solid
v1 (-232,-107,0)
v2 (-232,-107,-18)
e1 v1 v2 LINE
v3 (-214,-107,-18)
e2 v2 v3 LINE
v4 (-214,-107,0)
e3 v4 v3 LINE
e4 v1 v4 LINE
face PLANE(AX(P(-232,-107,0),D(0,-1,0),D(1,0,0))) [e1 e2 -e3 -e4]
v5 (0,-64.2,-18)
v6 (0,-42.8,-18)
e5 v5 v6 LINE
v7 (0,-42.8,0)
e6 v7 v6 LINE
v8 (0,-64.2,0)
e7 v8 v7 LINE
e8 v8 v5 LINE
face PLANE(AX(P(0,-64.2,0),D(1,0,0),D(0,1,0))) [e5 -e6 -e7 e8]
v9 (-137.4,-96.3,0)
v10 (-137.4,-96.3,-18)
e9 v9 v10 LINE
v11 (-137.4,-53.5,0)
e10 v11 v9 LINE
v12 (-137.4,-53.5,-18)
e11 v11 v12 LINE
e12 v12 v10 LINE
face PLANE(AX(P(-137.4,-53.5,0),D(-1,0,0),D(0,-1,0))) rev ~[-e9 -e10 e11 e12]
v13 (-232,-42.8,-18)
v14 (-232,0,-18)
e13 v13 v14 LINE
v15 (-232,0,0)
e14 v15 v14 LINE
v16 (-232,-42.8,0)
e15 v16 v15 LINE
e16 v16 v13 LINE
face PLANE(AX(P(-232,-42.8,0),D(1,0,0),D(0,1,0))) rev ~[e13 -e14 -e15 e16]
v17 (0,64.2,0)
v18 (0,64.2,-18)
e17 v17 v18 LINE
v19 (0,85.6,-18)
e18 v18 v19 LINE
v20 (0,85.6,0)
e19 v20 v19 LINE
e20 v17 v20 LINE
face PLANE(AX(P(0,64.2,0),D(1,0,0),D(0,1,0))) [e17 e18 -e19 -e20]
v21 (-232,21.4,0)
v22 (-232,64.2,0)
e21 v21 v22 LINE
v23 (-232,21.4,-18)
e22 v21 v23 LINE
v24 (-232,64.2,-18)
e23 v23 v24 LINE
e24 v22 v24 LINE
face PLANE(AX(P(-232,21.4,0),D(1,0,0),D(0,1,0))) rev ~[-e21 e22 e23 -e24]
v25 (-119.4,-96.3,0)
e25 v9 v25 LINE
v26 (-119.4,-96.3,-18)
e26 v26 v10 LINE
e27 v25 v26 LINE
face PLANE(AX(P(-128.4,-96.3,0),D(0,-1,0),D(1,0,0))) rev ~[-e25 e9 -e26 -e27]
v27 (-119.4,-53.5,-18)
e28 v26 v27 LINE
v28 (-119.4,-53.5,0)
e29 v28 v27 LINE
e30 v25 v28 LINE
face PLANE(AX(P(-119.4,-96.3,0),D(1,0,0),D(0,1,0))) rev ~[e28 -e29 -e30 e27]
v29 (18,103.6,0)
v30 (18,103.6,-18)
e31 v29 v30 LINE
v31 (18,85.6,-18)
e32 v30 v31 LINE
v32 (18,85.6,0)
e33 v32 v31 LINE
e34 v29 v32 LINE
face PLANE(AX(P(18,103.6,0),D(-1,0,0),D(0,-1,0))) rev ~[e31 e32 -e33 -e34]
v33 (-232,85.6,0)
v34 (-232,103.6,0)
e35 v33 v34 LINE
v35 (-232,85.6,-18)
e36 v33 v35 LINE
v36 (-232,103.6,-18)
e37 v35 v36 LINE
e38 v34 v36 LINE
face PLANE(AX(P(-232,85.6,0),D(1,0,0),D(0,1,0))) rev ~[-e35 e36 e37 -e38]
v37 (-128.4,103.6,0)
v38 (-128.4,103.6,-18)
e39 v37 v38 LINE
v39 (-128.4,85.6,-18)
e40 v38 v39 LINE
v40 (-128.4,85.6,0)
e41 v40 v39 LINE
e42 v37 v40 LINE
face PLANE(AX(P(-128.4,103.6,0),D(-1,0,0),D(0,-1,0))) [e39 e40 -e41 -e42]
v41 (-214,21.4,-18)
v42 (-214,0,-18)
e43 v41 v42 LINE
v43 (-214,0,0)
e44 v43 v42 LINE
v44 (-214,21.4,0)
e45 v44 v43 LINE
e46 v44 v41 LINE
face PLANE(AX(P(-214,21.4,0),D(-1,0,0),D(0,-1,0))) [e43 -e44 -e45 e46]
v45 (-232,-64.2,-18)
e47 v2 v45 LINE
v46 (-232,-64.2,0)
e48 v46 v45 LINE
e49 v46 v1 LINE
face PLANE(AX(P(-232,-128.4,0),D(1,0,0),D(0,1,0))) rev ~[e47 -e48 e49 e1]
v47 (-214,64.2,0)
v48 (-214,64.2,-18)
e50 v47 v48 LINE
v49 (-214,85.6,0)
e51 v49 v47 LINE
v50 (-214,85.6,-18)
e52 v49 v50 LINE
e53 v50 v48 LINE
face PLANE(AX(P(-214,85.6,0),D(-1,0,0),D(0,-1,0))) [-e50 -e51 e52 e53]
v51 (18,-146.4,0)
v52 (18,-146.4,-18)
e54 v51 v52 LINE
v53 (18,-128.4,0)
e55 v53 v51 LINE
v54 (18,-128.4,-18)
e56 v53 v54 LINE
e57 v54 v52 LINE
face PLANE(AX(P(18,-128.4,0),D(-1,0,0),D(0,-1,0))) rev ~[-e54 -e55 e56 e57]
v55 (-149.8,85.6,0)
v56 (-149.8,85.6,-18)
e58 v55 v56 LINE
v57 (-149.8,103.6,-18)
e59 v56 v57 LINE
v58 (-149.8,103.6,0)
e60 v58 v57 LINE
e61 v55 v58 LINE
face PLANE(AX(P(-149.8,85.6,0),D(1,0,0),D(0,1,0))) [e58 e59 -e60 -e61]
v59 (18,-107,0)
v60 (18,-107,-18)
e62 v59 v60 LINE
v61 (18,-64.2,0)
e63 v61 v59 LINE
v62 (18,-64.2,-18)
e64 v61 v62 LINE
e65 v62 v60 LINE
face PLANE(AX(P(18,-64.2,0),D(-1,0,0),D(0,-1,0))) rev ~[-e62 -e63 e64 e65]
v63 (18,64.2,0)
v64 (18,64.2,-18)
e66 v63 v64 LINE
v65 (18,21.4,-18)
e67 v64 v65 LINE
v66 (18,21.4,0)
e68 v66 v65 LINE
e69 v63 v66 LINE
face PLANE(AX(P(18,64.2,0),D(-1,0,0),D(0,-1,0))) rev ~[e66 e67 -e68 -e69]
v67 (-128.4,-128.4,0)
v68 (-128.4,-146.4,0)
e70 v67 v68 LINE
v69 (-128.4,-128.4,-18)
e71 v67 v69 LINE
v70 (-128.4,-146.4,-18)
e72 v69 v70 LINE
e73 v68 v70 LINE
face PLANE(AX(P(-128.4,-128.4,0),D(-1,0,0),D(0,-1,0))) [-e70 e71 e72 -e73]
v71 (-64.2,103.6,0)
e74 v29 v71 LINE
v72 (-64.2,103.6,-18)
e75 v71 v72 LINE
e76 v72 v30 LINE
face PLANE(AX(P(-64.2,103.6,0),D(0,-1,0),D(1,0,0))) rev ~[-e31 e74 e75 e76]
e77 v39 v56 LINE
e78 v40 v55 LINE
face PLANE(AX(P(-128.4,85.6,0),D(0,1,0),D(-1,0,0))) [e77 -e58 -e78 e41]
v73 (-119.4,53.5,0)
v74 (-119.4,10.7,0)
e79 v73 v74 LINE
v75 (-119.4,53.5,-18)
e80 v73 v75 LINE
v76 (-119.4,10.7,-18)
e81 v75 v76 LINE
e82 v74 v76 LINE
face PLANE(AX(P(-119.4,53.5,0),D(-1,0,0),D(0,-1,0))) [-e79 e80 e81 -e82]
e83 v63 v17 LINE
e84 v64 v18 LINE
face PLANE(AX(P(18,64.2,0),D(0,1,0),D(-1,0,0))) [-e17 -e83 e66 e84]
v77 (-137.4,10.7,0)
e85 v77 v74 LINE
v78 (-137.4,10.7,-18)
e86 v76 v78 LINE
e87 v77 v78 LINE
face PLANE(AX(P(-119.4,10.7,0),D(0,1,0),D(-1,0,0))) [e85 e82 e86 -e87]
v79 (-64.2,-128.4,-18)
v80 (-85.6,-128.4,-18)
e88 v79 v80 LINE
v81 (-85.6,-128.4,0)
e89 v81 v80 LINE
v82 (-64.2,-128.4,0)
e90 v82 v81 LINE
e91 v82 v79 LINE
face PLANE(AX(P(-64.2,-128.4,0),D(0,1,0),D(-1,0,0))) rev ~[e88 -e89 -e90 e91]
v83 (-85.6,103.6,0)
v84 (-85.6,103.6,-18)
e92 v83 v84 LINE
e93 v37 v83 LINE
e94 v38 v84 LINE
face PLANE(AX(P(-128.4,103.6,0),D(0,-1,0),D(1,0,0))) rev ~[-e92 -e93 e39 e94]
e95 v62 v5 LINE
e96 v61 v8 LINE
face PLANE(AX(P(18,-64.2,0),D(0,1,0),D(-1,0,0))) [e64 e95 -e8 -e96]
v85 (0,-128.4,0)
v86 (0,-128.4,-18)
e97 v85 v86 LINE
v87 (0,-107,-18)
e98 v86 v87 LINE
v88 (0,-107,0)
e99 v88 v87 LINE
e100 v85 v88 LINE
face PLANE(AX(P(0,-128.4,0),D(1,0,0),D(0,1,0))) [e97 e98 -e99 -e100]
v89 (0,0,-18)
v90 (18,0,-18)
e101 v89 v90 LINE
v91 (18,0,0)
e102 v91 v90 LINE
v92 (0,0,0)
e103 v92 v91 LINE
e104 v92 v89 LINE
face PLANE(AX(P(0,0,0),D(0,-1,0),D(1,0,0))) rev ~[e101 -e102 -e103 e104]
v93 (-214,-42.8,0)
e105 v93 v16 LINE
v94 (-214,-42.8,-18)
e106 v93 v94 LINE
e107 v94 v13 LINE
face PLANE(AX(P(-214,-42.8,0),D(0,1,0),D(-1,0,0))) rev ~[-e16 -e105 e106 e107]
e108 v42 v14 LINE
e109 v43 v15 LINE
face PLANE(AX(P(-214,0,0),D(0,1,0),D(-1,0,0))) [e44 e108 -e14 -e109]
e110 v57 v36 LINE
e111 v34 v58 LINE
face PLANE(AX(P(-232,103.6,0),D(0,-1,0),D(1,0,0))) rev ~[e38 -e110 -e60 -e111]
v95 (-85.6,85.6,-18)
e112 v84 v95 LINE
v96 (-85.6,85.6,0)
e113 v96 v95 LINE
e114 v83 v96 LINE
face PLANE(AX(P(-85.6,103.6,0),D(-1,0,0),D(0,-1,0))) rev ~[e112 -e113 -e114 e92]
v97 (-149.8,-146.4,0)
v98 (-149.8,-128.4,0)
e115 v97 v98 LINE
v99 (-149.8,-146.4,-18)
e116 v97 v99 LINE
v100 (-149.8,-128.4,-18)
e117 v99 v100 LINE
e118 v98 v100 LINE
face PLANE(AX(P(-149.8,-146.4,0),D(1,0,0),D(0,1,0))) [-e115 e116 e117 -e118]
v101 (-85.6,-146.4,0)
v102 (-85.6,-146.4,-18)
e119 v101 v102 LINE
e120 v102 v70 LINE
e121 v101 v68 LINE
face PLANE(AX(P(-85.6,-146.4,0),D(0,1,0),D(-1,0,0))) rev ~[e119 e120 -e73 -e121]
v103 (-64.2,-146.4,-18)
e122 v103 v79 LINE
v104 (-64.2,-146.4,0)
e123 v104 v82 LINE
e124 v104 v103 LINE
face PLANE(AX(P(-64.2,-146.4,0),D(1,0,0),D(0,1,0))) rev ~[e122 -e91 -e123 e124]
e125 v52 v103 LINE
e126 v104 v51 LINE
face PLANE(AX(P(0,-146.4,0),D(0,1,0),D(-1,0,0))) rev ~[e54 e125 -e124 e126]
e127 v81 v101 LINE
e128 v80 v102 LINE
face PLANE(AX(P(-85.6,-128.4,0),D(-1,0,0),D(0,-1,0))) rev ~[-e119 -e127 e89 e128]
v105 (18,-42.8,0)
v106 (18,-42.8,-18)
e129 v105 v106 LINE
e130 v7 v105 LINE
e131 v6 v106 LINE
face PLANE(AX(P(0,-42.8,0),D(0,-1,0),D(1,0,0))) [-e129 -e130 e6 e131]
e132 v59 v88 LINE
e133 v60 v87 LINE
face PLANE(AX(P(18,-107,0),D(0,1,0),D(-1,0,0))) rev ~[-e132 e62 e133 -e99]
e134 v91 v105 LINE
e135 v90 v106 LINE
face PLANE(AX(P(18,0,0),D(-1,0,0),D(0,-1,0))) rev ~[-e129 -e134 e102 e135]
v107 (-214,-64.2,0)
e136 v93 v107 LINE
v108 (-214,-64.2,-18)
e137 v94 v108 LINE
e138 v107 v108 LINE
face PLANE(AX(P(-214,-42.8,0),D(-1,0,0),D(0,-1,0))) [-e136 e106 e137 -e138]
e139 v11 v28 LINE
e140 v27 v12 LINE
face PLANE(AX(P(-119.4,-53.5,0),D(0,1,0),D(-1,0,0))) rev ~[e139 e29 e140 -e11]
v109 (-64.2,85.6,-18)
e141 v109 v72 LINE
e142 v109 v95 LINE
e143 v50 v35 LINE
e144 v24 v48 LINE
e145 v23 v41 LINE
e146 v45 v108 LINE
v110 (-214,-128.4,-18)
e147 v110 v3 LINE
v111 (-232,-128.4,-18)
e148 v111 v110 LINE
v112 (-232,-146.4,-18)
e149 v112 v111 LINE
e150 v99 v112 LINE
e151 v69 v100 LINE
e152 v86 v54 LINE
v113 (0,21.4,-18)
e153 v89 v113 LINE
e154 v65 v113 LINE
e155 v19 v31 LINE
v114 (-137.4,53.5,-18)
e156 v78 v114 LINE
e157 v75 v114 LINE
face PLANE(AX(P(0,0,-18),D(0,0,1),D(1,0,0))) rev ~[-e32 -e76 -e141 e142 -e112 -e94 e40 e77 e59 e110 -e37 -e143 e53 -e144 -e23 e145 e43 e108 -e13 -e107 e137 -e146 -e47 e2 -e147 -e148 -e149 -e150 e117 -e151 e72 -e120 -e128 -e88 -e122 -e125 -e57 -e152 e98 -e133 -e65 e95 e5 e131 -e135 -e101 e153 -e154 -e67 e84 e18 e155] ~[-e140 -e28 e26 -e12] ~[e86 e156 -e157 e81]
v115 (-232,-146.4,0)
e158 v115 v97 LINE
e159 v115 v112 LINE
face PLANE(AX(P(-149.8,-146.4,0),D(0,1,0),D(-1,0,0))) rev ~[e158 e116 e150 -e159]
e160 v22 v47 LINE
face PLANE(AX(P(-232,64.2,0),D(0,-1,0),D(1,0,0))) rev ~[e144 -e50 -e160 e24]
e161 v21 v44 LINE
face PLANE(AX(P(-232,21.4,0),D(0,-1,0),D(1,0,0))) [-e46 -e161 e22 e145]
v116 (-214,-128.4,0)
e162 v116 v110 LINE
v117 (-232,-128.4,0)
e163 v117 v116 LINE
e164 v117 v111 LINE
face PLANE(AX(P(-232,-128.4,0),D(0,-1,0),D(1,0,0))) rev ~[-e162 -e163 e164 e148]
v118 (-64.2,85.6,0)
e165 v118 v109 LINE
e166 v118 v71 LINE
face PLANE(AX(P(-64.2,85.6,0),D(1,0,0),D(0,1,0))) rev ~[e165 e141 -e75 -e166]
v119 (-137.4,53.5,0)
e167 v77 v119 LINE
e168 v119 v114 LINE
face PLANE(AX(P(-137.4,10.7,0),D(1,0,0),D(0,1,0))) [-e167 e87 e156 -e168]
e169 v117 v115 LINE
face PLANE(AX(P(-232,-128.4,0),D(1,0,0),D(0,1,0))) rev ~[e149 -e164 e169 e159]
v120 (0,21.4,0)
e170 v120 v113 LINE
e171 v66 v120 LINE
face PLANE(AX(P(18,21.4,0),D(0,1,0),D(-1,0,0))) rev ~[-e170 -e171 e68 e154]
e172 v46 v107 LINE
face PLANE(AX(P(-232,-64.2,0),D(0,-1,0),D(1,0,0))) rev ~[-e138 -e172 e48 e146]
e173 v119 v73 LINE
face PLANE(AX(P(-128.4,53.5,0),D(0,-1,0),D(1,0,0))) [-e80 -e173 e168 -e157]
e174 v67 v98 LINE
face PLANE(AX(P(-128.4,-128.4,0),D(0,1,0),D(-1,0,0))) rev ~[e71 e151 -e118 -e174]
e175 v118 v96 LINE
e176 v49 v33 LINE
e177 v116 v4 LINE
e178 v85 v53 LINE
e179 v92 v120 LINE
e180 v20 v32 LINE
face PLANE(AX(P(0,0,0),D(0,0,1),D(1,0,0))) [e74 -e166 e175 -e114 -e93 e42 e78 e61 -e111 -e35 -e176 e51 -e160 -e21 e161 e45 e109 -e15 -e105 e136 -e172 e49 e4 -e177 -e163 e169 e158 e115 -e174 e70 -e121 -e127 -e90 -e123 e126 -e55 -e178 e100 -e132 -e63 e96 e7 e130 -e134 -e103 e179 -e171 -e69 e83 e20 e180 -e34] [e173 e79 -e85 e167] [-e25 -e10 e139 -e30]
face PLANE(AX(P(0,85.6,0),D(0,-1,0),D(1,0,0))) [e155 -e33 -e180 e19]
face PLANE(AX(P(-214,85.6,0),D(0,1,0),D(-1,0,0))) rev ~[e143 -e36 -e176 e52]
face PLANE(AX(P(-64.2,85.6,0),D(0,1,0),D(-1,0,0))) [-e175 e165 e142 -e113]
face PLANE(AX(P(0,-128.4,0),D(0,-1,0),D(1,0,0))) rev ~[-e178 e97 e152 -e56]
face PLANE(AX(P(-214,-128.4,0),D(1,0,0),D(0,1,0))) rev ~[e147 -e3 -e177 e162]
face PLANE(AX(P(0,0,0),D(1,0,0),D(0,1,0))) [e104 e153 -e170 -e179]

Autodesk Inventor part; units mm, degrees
ref_plane "YZ Plane" through (0, 0, 0) normal (1, 0, 0) x (0, 1, 0)
ref_plane "XZ Plane" through (0, 0, 0) normal (0, 1, 0) x (-1, 0, 0)
ref_plane "XY Plane" through (0, 0, 0) normal (0, 0, 1) x (1, 0, 0)
sketch "Sketch1" plane through (0, 0, 0) normal (0, 0, 1) x (1, 0, 0)
  line L0 (-232, 103.6) -> (18, 103.6)
  line L1 (18, 103.6) -> (18, -146.4)
  line L2 (18, -146.4) -> (-232, -146.4)
  line L3 (-232, -146.4) -> (-232, 103.6)
  line L4 (0, -128.4) -> (0, 85.6)
  line L5 (0, -128.4) -> (-214, -128.4)
  line L6 (-214, -128.4) -> (0, -128.4)
  line L7 (18, 85.6) -> (18, 64.2)
  line L8 (18, 64.2) -> (0, 64.2)
  line L9 (0, 64.2) -> (0, 85.6)
  line L10 (18, 21.4) -> (0, 21.4)
  line L11 (0, 21.4) -> (0, 0)
  line L12 (0, 0) -> (18, 0)
  line L13 (0, -42.8) -> (18, -42.8)
  line L14 (18, -64.2) -> (0, -64.2)
  line L15 (18, -107) -> (0, -107)
  line L16 (-232, 103.6) -> (-232, 85.6)
  line L17 (0, 85.6) -> (0, 103.6)
  line L18 (-232, -107) -> (-214, -107)
  line L19 (-232, -64.2) -> (-214, -64.2)
  line L20 (-214, -42.8) -> (-232, -42.8)
  line L21 (-214, 0) -> (-232, 0)
  line L22 (-232, 21.4) -> (-214, 21.4)
  line L23 (-232, 64.2) -> (-214, 64.2)
  line L24 (-85.6, -128.4) -> (-85.6, -146.4)
  line L25 (-128.4, -128.4) -> (-128.4, -146.4)
  line L26 (-149.8, -146.4) -> (-149.8, -128.4)
  line L27 (-192.6, -146.4) -> (-192.6, -128.4)
  line L28 (-64.2, -146.4) -> (-64.2, -128.4)
  line L29 (-21.4, -146.4) -> (-21.4, -128.4)
  line L30 (-85.6, 103.6) -> (-85.6, 85.6)
  line L31 (-64.2, 85.6) -> (-64.2, 103.6)
  line L32 (-21.4, 85.6) -> (-21.4, 103.6)
  line L33 (-149.8, 85.6) -> (-149.8, 103.6)
  line L34 (-192.6, 85.6) -> (-192.6, 103.6)
  line L35 (-128.4, 103.6) -> (-128.4, 85.6)
  line L36 (0, 85.6) -> (-214, 85.6)
  line L37 (-214, 85.6) -> (-214, -128.4)
  line L38 (0, 85.6) -> (18, 85.6)
  line L39 (18, 85.6) -> (18, 103.6)
  line L40 (18, 103.6) -> (0, 103.6)
  line L41 (0, 103.6) -> (0, 85.6)
  line L42 (0, -128.4) -> (18, -128.4)
  line L43 (18, -128.4) -> (18, -146.4)
  line L44 (18, -146.4) -> (0, -146.4)
  line L45 (0, -146.4) -> (0, -128.4)
  line L46 (-214, -128.4) -> (-232, -128.4)
  line L47 (-232, -128.4) -> (-232, -146.4)
  line L48 (-232, -146.4) -> (-214, -146.4)
  line L49 (-214, -146.4) -> (-214, -128.4)
  line L50 (-214, 85.6) -> (-232, 85.6)
  line L51 (-232, 85.6) -> (-232, 103.6)
  line L52 (-232, 103.6) -> (-214, 103.6)
  line L53 (-214, 103.6) -> (-214, 85.6)
  point P0 (0, 0)
  point P1 (248.5081, 104.1116)
  point P2 (266.5081, 104.1116)
  point P3 (248.5081, 146.9116)
  point P4 (227.1081, 168.3116)
  point P5 (227.1081, 186.3116)
  point P6 (184.3081, 186.3116)
  point P7 (184.3081, 168.3116)
  point P8 (162.9081, 168.3116)
  point P9 (162.9081, 186.3116)
  point P10 (120.1081, 186.3116)
  point P11 (120.1081, 168.3116)
  point P12 (98.7081, 168.3116)
  point P13 (98.7081, 186.3116)
  point P14 (55.9081, 186.3116)
  point P15 (55.9081, 168.3116)
  point P16 (34.5081, 146.9116)
  point P17 (16.5081, 146.9116)
  point P18 (16.5081, 104.1116)
  point P19 (34.5081, 104.1116)
  point P20 (34.5081, 82.7116)
  point P21 (16.5081, 82.7116)
  point P22 (16.5081, 39.9116)
  point P23 (34.5081, 39.9116)
  point P24 (34.5081, 18.5116)
  point P25 (16.5081, 18.5116)
  point P26 (16.5081, -24.2884)
  point P27 (34.5081, -24.2884)
  point P28 (34.5081, -45.6884)
  point P29 (55.9081, -45.6884)
  point P30 (55.9081, -63.6884)
  point P31 (98.7081, -63.6884)
  point P32 (98.7081, -45.6884)
  point P33 (120.1081, -45.6884)
  point P34 (120.1081, -63.6884)
  point P35 (162.9081, -63.6884)
  point P36 (162.9081, -45.6884)
  point P37 (184.3081, -45.6884)
  point P38 (184.3081, -63.6884)
  point P39 (227.1081, -63.6884)
  point P40 (227.1081, -45.6884)
  point P41 (248.5081, -45.6884)
  point P42 (248.5081, -24.2884)
  point P43 (266.5081, -24.2884)
  point P44 (266.5081, 18.5116)
  point P45 (248.5081, 18.5116)
  point P46 (248.5081, 39.9116)
  point P47 (266.5081, 39.9116)
  point P48 (266.5081, 82.7116)
  point P49 (248.5081, 82.7116)
  dimension "d0" = 250
  dimension "d1" = 250
  dimension "d2" = 21.4
extrude "Plate1" add sketch "Sketch1" against normal blind 18 contours L0 L53 L50 L3 | L0 L34 L36 L53 | L0 L33 L36 L34 | L36 L4 L5 L37 | L23 L37 L22 L3 | L0 L30 L36 L35 | L21 L37 L20 L3 | L0 L32 L36 L31 | L19 L37 L18 L3 | L0 L17 L36 L32 | L18 L37 L46 L3 | L0 L1 L38 L17 | L46 L49 L2 L3 | L5 L27 L2 L49 | L8 L1 L10 L4 | L5 L26 L2 L27 | L12 L1 L13 L4 | L5 L24 L2 L25 | L14 L1 L15 L4 | L5 L29 L2 L28 | L5 L45 L2 L29 | L42 L1 L2 L45
sketch "Sketch2" plane through (0, 0, 0) normal (0, 0, 1) x (1, 0, 0)
  line L0 (-232, 0) -> (-232, -42.8)
  line L1 (-128.4, 85.6) -> (-149.8, 85.6)
  line L2 (-149.8, -128.4) -> (-128.4, -128.4)
  line L3 (-128.4, 85.6) -> (-128.4, -128.4)
  line L4 (-128.4, 85.6) -> (-128.4, -21.4)
  line L5 (-137.4, 53.5) -> (-119.4, 53.5)
  line L6 (-119.4, 53.5) -> (-119.4, 10.7)
  line L7 (-119.4, 10.7) -> (-137.4, 10.7)
  line L8 (-137.4, 10.7) -> (-137.4, 53.5)
  line L9 (-137.4, 53.5) -> (-119.4, 10.7) construction
  line L10 (-119.4, 53.5) -> (-137.4, 10.7) construction
  line L11 (-128.4, -128.4) -> (-128.4, -21.4)
  line L12 (-128.4, -21.4) -> (-128.4, -74.9)
  line L13 (-137.4, -96.3) -> (-119.4, -96.3)
  line L14 (-119.4, -96.3) -> (-119.4, -53.5)
  line L15 (-119.4, -53.5) -> (-137.4, -53.5)
  line L16 (-137.4, -53.5) -> (-137.4, -96.3)
  line L17 (-137.4, -96.3) -> (-119.4, -53.5) construction
  line L18 (-119.4, -96.3) -> (-137.4, -53.5) construction
  point P0 (0, 0)
  point P1 (-232, 103.6)
  point P2 (-128.4, 32.1)
  point P3 (-232, 103.6)
  dimension "d4" = 18
  dimension "d5" = 42.8
  dimension "d6" = 42.8
extrude "Cut1" cut sketch "Sketch2" against normal blind 18
sketch "Sketch3" plane through (0, 0, 0) normal (0, 0, 1) x (1, 0, 0)
  line L0 (-232, -128.4) -> (-214, -128.4) projected
  line L1 (-214, -128.4) -> (-214, -107) projected
  line L2 (-214, -128.4) -> (-214, -107) projected
  line L3 (-232, -107) -> (-214, -107) projected
  line L4 (-232, -107) -> (-232, -128.4) projected
  point P0 (0, 0)
extrude "Cut2" cut sketch "Sketch3" against normal blind 18
equation "\"d7\" = Thickness"
equation "\"d9\" = Thickness"
equation "\"d3\" = Thickness"
equation "\"BendRadius\" = Thickness"
equation "\"BendReliefWidth\" = Thickness"
equation "\"BendReliefDepth\" = 0.5 * Thickness"
equation "\"CornerReliefSize\" = 4 * Thickness"
equation "\"MinimumRemnant\" = 2 * Thickness"
equation "\"TransitionRadius\" = BendRadius"
equation "\"JacobiRadiusSize\" = BendRadius"
equation "\"GapSize\" = Thickness"
equation "\"Thickness\" = 18"
properties part number "1"
